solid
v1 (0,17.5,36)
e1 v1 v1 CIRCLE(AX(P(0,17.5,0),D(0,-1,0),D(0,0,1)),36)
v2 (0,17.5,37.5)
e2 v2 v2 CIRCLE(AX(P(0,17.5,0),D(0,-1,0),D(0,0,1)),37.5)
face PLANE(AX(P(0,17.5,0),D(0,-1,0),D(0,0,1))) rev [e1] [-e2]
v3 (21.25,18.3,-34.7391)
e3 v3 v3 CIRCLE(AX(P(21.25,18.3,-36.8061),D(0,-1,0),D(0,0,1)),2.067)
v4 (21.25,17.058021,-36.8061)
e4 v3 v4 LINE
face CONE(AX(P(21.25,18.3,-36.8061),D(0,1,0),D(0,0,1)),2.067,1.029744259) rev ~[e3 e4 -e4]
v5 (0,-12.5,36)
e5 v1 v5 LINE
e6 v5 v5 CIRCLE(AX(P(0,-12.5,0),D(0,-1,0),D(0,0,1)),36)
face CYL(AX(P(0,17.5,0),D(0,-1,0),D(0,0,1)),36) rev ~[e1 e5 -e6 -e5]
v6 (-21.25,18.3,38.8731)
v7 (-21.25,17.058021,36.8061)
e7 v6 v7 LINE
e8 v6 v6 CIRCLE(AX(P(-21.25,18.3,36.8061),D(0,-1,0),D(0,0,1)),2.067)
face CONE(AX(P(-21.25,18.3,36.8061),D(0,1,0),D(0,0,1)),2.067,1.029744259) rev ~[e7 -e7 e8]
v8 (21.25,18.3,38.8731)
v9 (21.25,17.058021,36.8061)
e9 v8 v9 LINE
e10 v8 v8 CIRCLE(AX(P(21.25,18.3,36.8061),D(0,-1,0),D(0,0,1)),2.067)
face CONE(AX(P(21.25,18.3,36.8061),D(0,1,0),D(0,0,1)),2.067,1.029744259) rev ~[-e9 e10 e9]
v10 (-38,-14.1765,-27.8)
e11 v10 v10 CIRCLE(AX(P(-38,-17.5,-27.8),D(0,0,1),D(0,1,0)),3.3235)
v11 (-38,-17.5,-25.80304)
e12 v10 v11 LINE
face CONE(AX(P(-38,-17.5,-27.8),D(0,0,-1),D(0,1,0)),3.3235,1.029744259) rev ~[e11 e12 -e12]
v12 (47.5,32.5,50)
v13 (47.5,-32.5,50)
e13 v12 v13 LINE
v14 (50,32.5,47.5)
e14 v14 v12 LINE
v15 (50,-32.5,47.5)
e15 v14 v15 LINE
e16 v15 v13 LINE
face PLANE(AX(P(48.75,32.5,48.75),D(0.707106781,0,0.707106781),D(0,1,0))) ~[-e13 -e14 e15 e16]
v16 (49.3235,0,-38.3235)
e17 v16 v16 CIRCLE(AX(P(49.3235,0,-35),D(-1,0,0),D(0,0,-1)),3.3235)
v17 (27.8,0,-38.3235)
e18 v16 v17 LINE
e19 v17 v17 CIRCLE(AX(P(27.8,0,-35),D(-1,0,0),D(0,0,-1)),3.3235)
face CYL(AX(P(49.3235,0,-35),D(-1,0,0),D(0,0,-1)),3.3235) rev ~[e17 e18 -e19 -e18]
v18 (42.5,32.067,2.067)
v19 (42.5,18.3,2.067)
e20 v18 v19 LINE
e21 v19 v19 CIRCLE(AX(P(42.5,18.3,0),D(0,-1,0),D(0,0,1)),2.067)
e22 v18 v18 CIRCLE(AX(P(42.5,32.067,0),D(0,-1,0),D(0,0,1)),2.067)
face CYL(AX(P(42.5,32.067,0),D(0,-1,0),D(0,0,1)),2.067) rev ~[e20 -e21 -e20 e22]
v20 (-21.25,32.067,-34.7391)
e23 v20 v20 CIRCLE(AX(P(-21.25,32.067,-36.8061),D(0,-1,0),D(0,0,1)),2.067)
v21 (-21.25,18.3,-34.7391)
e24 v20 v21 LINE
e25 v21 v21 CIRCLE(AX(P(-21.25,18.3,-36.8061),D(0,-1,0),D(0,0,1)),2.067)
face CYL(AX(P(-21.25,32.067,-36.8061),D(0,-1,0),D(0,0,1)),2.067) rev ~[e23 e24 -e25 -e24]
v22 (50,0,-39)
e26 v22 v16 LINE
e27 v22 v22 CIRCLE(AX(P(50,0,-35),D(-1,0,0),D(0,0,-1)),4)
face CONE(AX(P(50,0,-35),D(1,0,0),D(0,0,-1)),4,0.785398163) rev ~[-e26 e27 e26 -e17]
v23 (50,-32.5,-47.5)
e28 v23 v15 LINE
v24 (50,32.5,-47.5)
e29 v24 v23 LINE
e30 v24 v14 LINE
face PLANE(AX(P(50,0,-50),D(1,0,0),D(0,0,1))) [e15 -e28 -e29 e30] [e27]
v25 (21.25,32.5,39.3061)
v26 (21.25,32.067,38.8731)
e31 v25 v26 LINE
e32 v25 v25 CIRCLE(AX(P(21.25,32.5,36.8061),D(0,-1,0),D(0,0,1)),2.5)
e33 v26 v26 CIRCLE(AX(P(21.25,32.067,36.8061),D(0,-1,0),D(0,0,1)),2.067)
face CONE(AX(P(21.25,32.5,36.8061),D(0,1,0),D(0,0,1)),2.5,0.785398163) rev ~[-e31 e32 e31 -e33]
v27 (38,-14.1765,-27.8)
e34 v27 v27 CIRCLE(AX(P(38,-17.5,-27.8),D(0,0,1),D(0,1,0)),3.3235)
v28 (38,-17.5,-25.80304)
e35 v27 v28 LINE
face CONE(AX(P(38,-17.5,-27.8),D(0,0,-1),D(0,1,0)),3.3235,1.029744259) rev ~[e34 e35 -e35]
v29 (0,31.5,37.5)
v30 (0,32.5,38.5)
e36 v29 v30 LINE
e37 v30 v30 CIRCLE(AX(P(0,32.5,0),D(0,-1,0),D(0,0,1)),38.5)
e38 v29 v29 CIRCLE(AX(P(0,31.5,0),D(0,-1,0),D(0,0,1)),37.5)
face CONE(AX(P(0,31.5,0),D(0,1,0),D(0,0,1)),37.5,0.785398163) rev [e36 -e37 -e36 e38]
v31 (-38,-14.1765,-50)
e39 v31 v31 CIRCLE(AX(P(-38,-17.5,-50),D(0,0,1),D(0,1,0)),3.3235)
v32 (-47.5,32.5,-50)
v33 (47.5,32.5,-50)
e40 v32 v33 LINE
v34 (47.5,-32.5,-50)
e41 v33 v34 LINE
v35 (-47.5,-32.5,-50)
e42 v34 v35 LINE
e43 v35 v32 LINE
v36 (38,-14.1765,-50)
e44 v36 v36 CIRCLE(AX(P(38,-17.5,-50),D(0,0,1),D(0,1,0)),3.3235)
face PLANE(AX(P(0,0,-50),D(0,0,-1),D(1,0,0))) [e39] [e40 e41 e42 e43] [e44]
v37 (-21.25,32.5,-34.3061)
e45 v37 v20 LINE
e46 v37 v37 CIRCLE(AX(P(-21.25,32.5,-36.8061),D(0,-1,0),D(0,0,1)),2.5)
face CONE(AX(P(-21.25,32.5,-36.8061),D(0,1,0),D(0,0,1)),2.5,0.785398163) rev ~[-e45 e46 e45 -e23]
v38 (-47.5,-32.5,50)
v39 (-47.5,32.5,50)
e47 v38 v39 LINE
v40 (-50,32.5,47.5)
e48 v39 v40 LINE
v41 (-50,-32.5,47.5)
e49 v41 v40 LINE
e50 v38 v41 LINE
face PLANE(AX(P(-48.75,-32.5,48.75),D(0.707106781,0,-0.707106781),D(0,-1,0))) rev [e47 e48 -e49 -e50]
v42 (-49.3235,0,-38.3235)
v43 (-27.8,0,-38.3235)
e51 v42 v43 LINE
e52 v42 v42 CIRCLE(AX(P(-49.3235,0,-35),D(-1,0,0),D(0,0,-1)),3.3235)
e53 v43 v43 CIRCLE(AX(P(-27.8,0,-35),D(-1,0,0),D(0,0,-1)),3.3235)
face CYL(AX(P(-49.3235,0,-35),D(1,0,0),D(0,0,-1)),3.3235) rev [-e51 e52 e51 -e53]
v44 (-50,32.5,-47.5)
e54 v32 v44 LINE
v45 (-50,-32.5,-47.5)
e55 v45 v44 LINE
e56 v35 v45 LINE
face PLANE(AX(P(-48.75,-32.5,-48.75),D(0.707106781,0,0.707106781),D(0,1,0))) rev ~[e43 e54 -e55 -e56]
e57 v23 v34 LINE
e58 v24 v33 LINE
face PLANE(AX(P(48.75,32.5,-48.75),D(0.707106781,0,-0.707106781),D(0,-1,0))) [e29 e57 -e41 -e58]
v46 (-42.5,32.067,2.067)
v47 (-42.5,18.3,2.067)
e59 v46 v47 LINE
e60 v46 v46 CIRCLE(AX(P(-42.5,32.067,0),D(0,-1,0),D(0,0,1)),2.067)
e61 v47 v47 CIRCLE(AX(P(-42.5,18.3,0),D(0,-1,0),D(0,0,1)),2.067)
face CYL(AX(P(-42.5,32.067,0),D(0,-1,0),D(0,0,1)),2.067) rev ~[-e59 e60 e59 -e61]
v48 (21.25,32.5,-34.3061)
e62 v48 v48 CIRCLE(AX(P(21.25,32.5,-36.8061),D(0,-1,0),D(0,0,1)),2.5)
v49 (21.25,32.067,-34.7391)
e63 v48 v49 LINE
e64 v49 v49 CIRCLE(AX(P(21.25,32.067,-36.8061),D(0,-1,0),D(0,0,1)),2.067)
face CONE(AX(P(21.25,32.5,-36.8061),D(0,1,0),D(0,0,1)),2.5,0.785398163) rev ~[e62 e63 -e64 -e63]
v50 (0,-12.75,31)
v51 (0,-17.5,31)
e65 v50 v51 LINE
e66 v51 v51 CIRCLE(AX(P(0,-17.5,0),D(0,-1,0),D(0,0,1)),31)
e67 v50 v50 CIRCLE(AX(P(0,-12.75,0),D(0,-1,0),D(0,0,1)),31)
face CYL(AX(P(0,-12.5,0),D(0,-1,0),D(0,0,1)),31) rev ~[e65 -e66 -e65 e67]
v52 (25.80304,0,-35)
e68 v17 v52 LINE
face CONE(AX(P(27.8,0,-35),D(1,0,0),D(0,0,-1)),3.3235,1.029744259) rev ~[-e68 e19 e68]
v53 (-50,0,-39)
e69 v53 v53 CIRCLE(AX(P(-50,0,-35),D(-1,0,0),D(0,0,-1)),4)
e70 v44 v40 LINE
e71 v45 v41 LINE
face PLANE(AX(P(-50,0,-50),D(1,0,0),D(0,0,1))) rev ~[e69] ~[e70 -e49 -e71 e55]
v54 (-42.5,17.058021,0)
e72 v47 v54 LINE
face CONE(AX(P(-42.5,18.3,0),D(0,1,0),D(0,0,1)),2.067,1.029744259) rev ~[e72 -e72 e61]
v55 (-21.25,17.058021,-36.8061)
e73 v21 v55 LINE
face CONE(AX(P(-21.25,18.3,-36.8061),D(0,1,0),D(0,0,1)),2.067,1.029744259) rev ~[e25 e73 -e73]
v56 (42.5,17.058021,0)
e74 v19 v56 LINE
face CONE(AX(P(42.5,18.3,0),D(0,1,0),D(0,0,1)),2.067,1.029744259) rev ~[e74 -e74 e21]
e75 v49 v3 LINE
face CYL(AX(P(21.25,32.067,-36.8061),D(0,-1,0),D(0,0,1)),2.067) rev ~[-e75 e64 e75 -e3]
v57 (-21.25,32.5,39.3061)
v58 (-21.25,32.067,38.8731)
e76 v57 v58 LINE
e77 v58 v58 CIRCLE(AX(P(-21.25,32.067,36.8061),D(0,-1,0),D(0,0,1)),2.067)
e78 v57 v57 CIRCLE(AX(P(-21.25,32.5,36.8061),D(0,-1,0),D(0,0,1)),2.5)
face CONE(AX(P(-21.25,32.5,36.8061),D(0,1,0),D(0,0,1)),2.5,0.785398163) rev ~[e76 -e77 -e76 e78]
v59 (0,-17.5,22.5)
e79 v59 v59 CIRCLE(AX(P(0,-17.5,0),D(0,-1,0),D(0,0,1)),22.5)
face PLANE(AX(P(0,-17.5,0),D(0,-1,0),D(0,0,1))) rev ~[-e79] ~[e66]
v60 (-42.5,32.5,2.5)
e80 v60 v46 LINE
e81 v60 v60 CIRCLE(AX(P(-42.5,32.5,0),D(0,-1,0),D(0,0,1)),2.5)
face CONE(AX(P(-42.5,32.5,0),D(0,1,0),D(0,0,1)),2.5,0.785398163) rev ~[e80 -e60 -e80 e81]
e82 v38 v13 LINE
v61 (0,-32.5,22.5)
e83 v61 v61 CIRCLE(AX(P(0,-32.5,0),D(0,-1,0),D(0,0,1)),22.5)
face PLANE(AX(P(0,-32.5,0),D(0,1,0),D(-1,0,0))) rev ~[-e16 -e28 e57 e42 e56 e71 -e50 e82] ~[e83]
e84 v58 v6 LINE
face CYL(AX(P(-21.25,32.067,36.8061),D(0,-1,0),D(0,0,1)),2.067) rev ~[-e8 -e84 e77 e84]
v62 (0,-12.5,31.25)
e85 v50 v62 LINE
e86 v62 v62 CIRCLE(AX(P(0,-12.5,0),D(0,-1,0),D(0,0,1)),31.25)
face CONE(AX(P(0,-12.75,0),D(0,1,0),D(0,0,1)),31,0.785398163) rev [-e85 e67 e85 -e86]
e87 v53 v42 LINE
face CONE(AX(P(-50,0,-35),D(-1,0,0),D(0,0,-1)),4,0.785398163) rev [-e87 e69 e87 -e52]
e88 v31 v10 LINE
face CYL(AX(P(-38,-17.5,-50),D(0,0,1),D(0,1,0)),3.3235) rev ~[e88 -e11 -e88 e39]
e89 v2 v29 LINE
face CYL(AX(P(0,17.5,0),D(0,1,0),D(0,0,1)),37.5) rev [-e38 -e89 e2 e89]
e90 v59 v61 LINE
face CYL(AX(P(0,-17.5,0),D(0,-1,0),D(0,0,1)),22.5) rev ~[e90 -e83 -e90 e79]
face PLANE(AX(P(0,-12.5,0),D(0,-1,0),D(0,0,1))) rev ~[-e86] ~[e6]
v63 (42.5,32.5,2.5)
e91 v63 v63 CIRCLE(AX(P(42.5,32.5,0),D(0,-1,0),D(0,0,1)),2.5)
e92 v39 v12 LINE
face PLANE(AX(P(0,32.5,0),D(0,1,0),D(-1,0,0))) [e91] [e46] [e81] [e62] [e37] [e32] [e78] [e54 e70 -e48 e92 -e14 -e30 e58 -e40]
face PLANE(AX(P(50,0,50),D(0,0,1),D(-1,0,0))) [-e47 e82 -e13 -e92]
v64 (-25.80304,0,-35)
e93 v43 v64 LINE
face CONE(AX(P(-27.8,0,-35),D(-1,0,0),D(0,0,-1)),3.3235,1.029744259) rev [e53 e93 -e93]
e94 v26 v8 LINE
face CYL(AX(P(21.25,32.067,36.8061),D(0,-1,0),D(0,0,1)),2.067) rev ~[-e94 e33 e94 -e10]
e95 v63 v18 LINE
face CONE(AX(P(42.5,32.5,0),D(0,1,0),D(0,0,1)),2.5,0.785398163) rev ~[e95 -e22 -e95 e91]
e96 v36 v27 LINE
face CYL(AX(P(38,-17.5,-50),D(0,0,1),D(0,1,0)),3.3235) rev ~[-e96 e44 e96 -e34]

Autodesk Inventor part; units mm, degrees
ref_plane "YZ Plane" through (0, 0, 0) normal (1, 0, 0) x (0, 1, 0)
ref_plane "XZ Plane" through (0, 0, 0) normal (0, 1, 0) x (-1, 0, 0)
ref_plane "XY Plane" through (0, 0, 0) normal (0, 0, 1) x (1, 0, 0)
sketch "Skizze1" plane through (0, 0, 0) normal (0, 1, 0) x (-1, 0, 0)
  line L0 (0, -50) -> (-50, -50)
  line L1 (-50, -50) -> (-50, 50)
  line L2 (-50, 50) -> (0, 50)
  line L3 (0, -50) -> (50, -50)
  line L4 (50, -50) -> (50, 50)
  line L5 (50, 50) -> (0, 50)
  line L6 (-122.5, 0) -> (122.5, 0) construction
  line L7 (0, -77.2) -> (0, 113.2) construction
  dimension "d1" = 100
  dimension "d3" = 100
extrude "Grundkoerper" add sketch "Skizze1" along normal mid plane 65
sketch "Skizze2" plane through (0, -32.5, 0) normal (0, -1, 0) x (1, 0, 0)
  line L0 (-50, -50) -> (50, -50) projected
  line L1 (50, 50) -> (-50, 50) projected
  point P0 (0, 0)
  point P1 (0, 0)
  point P2 (-87.5, 0)
  point P3 (87.5, 0)
  dimension "d8" = 0
sketch "Skizze3" plane through (0, 0, 0) normal (1, 0, 0) x (0, 1, 0)
  line L0 (49, 0) -> (-49, 0) construction
  line L1 (-32.5, 50) -> (-32.5, -50) construction
  line L2 (32.5, -50) -> (32.5, 50) construction
  line L3 (17.5, 36) -> (-12.5, 36)
  line L4 (-12.5, 36) -> (-12.5, 31)
  line L5 (-17.5, 22.5) -> (-32.5, 22.5)
  line L6 (-32.5, -50) -> (-32.5, 50) projected
  line L7 (-32.5, 22.5) -> (-32.5, 0)
  line L8 (-32.5, 0) -> (32.5, 0)
  line L9 (32.5, 0) -> (32.5, 37.5)
  line L10 (-12.5, 31) -> (-17.5, 31)
  line L11 (-17.5, 31) -> (-17.5, 22.5)
  line L12 (17.5, 36) -> (17.5, 37.5)
  line L13 (17.5, 37.5) -> (32.5, 37.5)
  point P0 (0, 0)
  dimension "d9" = 45
  dimension "d10" = 72
  dimension "d11" = 45
  dimension "d33" = 5
  dimension "d34" = 62
  dimension "d160" = 75
  dimension "d161" = 30
revolve "Lagersitz" cut sketch "Skizze3" angle 360 about axis through (0, -32.5, 0) along (0, -1, 0)
sketch "Skizze_Lagersitz" plane through (0, 0, 0) normal (1, 0, 0) x (0, 1, 0)
  line L0 (-12.5, 36) -> (17.5, 36) projected
  line L1 (-12.5, -36) -> (-12.5, 36) projected
  line L2 (-17.5, 31) -> (-12.5, 31) projected
  line L3 (-17.5, -31) -> (-17.5, 31) projected
  line L4 (-32.5, 22.5) -> (-17.5, 22.5) projected
  line L5 (-32.5, -22.5) -> (-17.5, -22.5) projected
  line L6 (-17.5, -31) -> (-12.5, -31) projected
  line L7 (-12.5, -36) -> (17.5, -36) projected
  line L8 (32.5, 50) -> (32.5, -50) projected
  line L9 (30, -50) -> (30, 0) projected
  line L10 (-32.5, -22.5) -> (-32.5, 22.5) projected
  line L11 (-32.5, 50) -> (-32.5, -50) projected
  line L12 (-32.5, -50) -> (-32.5, 50) projected
  line L13 (-12.5, -36) -> (-12.5, 36) projected
  line L14 (17.5, -37.5) -> (17.5, 37.5) projected
  line L15 (17.5, 37.5) -> (32.5, 37.5) projected
  point P0 (0, 0)
  point P1 (30, 86)
  point P2 (30, 14)
  point P3 (-30, 32)
  point P4 (-30, 68)
  point P5 (32.5, 36)
  point P6 (32.5, -36)
sketch "Skizze5" plane through (0, 32.5, 0) normal (0, 1, 0) x (1, 0, 0)
  line L0 (0, 77.2) -> (0, -113.2) construction
  circle A0 centre (0, 0) radius 42.5 construction
  line L1 (122.5, 0) -> (-122.5, 0) construction
  point P0 (42.5, 0)
  point P1 (21.25, 36.8061)
  point P2 (-21.25, 36.8061)
  point P3 (-42.5, 0)
  point P4 (-21.25, -36.8061)
  point P5 (21.25, -36.8061)
  dimension "d167" = 85
  dimension "d170" = 360
hole "M5x10_Deckel" at (42.5, 32.5, 0) at (21.25, 32.5, -36.8061) at (-21.25, 32.5, -36.8061) at (-42.5, 32.5, 0) at (-21.25, 32.5, 36.8061) at (21.25, 32.5, 36.8061) direction (0, -1, 0) diameter 4.134 depth 14.2 tip angle 118 countersink diameter 5 countersink angle 90 thread size "M5x0.8" class "6H" standard "ISO Metric profile"
sketch "Skizze9" plane through (50, -32.5, -50) normal (1, 0, 0) x (0, 0, -1)
  line L0 (-50, 81.5) -> (-50, -16.5) construction
  line L1 (0, 65) -> (0, 0) construction
  line L2 (-100, 65) -> (0, 65) construction
  line L3 (0, 0) -> (-100, 0) construction
  line L4 (-163.2, 32.5) -> (27.2, 32.5) construction
  point P0 (-50, 32.5)
  point P1 (-15, 32.5)
  dimension "d94" = 50
  dimension "d95" = 15
hole "M8x16_Seite" at (50, 0, -35) direction (-1, 0, 0) diameter 6.647 depth 22.2 tip angle 118 countersink diameter 8 countersink angle 90 thread size "M8x1.25" class "6H" standard "ISO Metric profile"
mirror "M8x16_Seite_Spiegel" about plane through (0, 0, 0) normal (1, 0, 0) of "M8x16_Seite"
sketch "Skizze16" plane through (50, 32.5, -50) normal (0, 0, -1) x (-1, 0, 0)
  line L0 (50, -78) -> (50, 13) construction
  line L1 (100, -65) -> (0, -65) construction
  line L2 (100, 0) -> (100, -65) projected
  point P0 (50, -32.5)
  point P1 (88, -50)
  point P2 (12, -50)
  dimension "d181" = 76
  dimension "d182" = 15
  dimension "d183" = 12
hole "M8x16_Boden" at (-38, -17.5, -50) at (38, -17.5, -50) direction (0, 0, 1) diameter 6.647 depth 22.2 tip angle 118 thread size "M8x1.25" class "6H" standard "ISO Metric profile"
chamfer "Fase_Lagersitz" distance 0.25 angle 45 1 edges at (0, -12.5, -31)
chamfer "Fase_Deckel" distance 1 angle 45 1 edges at (0, 32.5, -37.5)
chamfer "Fase_Allgemein" distance 2.5 angle 45 4 edges at (50, 0, 50) (-50, 0, 50) (50, 0, -50) (-50, 0, -50)
properties part number "200-10-ROCKER-BEARING-01" material "Aluminium 6061"
